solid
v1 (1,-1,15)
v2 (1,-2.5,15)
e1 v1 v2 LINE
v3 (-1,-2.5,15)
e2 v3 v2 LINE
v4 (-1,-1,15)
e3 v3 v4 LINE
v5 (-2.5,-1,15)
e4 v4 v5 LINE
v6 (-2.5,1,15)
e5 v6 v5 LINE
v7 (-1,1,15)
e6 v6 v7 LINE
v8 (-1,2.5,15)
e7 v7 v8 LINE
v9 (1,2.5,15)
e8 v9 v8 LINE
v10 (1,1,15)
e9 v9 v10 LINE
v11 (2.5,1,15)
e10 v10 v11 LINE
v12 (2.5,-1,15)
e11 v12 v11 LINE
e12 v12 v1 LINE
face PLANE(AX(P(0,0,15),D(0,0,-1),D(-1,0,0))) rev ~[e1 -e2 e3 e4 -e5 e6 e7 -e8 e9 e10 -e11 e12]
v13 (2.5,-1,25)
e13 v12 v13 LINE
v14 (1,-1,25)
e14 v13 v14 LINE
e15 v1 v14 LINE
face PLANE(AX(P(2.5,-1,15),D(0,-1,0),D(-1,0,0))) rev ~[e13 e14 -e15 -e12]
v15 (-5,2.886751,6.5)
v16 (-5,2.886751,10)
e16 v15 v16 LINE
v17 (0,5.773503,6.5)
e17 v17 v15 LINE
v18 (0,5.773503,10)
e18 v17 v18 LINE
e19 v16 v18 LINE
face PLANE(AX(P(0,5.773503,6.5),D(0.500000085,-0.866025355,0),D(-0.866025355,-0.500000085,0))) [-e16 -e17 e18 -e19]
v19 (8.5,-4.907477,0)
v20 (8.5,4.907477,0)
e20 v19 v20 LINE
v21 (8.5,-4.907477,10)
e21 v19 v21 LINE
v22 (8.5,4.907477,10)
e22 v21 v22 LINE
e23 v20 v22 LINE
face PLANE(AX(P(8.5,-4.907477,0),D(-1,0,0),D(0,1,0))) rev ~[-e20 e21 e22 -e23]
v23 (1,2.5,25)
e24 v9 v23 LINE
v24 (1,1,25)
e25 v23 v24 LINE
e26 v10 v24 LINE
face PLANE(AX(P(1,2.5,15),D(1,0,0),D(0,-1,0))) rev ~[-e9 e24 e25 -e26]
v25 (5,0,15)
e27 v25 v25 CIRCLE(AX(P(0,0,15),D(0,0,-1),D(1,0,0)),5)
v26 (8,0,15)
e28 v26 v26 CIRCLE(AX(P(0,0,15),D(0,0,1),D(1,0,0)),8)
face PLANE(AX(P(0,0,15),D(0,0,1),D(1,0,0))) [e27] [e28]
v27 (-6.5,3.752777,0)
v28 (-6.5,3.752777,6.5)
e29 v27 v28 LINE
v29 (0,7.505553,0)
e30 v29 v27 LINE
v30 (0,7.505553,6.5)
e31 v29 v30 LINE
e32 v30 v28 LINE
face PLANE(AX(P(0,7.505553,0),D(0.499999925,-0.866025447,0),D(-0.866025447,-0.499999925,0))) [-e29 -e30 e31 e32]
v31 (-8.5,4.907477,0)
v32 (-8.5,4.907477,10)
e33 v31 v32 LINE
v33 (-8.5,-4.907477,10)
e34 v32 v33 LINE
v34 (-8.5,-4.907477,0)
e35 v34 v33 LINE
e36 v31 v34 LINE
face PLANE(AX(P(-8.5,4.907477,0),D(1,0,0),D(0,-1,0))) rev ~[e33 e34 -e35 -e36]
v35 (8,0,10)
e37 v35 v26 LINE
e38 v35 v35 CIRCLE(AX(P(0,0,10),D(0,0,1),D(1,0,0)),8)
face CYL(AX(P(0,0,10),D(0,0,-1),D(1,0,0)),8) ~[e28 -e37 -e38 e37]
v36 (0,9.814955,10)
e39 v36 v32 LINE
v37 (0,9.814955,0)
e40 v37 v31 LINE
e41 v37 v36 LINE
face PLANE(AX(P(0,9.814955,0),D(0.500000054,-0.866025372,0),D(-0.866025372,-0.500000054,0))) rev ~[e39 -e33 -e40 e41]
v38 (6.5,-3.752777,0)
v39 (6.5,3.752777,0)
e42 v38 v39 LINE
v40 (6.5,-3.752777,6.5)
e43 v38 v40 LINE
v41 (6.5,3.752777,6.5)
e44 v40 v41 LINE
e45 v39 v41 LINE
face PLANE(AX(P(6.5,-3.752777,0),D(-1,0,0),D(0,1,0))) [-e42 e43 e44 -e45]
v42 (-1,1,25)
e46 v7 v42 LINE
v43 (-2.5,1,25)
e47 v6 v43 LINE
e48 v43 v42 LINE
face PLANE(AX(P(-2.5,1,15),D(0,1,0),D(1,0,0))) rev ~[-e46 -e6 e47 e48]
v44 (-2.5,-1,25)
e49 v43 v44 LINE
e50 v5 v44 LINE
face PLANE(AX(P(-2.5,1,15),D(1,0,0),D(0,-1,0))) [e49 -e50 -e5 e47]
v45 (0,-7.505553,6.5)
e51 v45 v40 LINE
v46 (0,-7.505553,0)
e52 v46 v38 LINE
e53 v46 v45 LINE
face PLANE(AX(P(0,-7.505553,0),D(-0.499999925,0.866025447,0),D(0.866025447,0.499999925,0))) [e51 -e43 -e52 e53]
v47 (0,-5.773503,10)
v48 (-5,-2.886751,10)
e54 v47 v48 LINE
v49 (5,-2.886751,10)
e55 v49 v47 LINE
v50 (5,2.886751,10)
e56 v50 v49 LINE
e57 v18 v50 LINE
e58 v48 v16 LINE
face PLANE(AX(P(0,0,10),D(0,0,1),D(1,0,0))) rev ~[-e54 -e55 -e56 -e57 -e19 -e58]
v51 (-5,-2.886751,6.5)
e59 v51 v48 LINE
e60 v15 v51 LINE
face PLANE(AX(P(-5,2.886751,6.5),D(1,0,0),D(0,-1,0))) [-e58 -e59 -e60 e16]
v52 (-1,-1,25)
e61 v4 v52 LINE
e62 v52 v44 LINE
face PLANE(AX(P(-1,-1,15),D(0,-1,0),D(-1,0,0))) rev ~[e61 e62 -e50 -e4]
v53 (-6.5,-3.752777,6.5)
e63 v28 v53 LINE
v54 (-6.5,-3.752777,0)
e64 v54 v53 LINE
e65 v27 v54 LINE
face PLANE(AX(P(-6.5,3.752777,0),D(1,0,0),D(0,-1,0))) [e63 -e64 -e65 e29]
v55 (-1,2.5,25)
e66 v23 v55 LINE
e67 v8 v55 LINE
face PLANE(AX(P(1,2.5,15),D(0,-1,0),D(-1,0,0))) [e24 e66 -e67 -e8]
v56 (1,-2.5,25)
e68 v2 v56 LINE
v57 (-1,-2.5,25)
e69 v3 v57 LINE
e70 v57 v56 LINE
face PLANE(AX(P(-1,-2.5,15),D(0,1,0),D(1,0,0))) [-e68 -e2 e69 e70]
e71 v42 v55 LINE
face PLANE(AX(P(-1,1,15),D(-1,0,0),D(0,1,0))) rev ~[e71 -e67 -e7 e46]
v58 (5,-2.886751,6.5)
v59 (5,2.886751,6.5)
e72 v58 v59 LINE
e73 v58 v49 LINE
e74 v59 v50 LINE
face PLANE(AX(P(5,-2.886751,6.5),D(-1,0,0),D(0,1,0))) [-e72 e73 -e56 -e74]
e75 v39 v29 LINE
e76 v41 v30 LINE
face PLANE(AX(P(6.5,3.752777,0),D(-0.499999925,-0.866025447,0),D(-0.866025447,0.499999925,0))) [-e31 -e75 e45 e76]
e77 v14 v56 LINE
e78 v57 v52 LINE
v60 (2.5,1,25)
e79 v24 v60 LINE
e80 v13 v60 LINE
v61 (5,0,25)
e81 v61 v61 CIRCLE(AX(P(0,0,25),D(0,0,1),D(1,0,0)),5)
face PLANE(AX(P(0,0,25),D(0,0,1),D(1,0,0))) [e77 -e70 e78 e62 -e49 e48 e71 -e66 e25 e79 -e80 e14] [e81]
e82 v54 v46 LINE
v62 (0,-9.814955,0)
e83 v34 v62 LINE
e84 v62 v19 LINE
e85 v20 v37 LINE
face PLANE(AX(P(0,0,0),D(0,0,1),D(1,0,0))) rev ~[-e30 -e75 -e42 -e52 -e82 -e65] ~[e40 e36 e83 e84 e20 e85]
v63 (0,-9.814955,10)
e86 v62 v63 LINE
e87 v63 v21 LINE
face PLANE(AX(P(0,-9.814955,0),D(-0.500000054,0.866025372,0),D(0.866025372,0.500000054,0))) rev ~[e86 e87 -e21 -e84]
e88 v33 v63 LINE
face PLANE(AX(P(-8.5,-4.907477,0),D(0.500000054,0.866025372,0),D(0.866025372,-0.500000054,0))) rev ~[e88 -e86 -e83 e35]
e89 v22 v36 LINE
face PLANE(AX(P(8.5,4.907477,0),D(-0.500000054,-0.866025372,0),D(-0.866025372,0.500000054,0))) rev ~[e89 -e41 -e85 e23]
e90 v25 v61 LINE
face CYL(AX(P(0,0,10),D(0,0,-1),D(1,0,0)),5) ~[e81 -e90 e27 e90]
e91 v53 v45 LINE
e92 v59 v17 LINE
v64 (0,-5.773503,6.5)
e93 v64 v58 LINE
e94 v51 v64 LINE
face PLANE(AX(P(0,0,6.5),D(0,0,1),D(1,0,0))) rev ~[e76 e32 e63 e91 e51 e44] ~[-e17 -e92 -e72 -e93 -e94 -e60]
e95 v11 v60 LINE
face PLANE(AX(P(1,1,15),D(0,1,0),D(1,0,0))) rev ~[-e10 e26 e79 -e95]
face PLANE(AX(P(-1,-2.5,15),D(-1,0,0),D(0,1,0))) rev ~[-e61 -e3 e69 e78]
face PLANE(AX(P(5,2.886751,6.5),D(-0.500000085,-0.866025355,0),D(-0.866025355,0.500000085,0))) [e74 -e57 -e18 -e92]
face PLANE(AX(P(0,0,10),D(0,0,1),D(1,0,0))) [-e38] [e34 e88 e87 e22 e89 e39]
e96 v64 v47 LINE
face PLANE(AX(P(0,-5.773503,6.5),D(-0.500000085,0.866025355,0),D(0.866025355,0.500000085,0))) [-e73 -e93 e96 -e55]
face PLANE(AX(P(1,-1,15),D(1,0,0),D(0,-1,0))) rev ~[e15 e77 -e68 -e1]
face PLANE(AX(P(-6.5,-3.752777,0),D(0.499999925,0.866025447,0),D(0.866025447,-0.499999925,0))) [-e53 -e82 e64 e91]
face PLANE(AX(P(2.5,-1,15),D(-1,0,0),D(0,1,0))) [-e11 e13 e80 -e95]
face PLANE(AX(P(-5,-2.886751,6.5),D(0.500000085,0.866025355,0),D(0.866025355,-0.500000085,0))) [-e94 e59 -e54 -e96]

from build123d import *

# Parameters (mm, degrees)
PAD006_DEPTH      = 10
CYLINDER010_R     = 5
CYLINDER010_DEPTH = 15
PAD_DEPTH         = 6.5
PAD001_DEPTH      = 4
PAD002_DEPTH      = 10
CYLINDER011_R     = 8
CYLINDER011_DEPTH = 5


with BuildPart() as body004:
    # Sketch006 → Pad006 (new body)
    with BuildSketch(Plane.XY):
        Polygon((0, -2.5), (-1, -2.5), (-1, -1), (-2.5, -1), (-2.5, 0), (-2.5, 1), (-1, 1), (-1, 2.5), (0, 2.5), (1, 2.5), (1, 1), (2.5, 1), (2.5, 0), (2.5, -1), (1, -1), (1, -2.5), align=None)
    extrude(amount=PAD006_DEPTH)


with BuildPart() as body004_1:
    # Body004 placement: moved
    add(body004.part.moved(Location((0, 0, 15))))


with BuildPart() as cut010:
    # Cylinder010 → Cylinder010 (new body)
    with BuildSketch(Plane.XY.offset(10)):
        Circle(CYLINDER010_R)
    extrude(amount=CYLINDER010_DEPTH)

    # Cut010: cut Body004
    add(body004_1.part, mode=Mode.SUBTRACT)


with BuildPart() as cuerpo:
    # Sketch → Pad (new body)
    with BuildSketch(Plane.XY):
        Polygon((0, 7.505553), (-6.5, 3.752777), (-6.5, -3.752777), (0, -7.505553), (6.5, -3.752777), (6.5, 3.752777), align=None)
    extrude(amount=PAD_DEPTH)

    # Sketch001 (on Face8 of Pad) → Pad001 (join)
    with BuildSketch(Plane.XY.offset(6.5)):
        Polygon((0, 5.773503), (-5, 2.886751), (-5, -2.886751), (0, -5.773503), (5, -2.886751), (5, 2.886751), align=None)
    extrude(amount=PAD001_DEPTH)


with BuildPart() as cut009:
    # Sketch002 → Pad002 (new body)
    with BuildSketch(Plane.XY):
        Polygon((0, 9.814955), (-8.5, 4.907477), (-8.5, -4.907477), (0, -9.814955), (8.5, -4.907477), (8.5, 4.907477), align=None)
    extrude(amount=PAD002_DEPTH)

    # Cut009: cut Cuerpo
    add(cuerpo.part, mode=Mode.SUBTRACT)


with BuildPart() as union_motor:
    # Cylinder011 → Cylinder011 (new body)
    with BuildSketch(Plane.XY.offset(10)):
        Circle(CYLINDER011_R)
    extrude(amount=CYLINDER011_DEPTH)

    # Fusion004: union Cut010, Cut009
    add(cut010.part)
    add(cut009.part)


solid = union_motor.part
